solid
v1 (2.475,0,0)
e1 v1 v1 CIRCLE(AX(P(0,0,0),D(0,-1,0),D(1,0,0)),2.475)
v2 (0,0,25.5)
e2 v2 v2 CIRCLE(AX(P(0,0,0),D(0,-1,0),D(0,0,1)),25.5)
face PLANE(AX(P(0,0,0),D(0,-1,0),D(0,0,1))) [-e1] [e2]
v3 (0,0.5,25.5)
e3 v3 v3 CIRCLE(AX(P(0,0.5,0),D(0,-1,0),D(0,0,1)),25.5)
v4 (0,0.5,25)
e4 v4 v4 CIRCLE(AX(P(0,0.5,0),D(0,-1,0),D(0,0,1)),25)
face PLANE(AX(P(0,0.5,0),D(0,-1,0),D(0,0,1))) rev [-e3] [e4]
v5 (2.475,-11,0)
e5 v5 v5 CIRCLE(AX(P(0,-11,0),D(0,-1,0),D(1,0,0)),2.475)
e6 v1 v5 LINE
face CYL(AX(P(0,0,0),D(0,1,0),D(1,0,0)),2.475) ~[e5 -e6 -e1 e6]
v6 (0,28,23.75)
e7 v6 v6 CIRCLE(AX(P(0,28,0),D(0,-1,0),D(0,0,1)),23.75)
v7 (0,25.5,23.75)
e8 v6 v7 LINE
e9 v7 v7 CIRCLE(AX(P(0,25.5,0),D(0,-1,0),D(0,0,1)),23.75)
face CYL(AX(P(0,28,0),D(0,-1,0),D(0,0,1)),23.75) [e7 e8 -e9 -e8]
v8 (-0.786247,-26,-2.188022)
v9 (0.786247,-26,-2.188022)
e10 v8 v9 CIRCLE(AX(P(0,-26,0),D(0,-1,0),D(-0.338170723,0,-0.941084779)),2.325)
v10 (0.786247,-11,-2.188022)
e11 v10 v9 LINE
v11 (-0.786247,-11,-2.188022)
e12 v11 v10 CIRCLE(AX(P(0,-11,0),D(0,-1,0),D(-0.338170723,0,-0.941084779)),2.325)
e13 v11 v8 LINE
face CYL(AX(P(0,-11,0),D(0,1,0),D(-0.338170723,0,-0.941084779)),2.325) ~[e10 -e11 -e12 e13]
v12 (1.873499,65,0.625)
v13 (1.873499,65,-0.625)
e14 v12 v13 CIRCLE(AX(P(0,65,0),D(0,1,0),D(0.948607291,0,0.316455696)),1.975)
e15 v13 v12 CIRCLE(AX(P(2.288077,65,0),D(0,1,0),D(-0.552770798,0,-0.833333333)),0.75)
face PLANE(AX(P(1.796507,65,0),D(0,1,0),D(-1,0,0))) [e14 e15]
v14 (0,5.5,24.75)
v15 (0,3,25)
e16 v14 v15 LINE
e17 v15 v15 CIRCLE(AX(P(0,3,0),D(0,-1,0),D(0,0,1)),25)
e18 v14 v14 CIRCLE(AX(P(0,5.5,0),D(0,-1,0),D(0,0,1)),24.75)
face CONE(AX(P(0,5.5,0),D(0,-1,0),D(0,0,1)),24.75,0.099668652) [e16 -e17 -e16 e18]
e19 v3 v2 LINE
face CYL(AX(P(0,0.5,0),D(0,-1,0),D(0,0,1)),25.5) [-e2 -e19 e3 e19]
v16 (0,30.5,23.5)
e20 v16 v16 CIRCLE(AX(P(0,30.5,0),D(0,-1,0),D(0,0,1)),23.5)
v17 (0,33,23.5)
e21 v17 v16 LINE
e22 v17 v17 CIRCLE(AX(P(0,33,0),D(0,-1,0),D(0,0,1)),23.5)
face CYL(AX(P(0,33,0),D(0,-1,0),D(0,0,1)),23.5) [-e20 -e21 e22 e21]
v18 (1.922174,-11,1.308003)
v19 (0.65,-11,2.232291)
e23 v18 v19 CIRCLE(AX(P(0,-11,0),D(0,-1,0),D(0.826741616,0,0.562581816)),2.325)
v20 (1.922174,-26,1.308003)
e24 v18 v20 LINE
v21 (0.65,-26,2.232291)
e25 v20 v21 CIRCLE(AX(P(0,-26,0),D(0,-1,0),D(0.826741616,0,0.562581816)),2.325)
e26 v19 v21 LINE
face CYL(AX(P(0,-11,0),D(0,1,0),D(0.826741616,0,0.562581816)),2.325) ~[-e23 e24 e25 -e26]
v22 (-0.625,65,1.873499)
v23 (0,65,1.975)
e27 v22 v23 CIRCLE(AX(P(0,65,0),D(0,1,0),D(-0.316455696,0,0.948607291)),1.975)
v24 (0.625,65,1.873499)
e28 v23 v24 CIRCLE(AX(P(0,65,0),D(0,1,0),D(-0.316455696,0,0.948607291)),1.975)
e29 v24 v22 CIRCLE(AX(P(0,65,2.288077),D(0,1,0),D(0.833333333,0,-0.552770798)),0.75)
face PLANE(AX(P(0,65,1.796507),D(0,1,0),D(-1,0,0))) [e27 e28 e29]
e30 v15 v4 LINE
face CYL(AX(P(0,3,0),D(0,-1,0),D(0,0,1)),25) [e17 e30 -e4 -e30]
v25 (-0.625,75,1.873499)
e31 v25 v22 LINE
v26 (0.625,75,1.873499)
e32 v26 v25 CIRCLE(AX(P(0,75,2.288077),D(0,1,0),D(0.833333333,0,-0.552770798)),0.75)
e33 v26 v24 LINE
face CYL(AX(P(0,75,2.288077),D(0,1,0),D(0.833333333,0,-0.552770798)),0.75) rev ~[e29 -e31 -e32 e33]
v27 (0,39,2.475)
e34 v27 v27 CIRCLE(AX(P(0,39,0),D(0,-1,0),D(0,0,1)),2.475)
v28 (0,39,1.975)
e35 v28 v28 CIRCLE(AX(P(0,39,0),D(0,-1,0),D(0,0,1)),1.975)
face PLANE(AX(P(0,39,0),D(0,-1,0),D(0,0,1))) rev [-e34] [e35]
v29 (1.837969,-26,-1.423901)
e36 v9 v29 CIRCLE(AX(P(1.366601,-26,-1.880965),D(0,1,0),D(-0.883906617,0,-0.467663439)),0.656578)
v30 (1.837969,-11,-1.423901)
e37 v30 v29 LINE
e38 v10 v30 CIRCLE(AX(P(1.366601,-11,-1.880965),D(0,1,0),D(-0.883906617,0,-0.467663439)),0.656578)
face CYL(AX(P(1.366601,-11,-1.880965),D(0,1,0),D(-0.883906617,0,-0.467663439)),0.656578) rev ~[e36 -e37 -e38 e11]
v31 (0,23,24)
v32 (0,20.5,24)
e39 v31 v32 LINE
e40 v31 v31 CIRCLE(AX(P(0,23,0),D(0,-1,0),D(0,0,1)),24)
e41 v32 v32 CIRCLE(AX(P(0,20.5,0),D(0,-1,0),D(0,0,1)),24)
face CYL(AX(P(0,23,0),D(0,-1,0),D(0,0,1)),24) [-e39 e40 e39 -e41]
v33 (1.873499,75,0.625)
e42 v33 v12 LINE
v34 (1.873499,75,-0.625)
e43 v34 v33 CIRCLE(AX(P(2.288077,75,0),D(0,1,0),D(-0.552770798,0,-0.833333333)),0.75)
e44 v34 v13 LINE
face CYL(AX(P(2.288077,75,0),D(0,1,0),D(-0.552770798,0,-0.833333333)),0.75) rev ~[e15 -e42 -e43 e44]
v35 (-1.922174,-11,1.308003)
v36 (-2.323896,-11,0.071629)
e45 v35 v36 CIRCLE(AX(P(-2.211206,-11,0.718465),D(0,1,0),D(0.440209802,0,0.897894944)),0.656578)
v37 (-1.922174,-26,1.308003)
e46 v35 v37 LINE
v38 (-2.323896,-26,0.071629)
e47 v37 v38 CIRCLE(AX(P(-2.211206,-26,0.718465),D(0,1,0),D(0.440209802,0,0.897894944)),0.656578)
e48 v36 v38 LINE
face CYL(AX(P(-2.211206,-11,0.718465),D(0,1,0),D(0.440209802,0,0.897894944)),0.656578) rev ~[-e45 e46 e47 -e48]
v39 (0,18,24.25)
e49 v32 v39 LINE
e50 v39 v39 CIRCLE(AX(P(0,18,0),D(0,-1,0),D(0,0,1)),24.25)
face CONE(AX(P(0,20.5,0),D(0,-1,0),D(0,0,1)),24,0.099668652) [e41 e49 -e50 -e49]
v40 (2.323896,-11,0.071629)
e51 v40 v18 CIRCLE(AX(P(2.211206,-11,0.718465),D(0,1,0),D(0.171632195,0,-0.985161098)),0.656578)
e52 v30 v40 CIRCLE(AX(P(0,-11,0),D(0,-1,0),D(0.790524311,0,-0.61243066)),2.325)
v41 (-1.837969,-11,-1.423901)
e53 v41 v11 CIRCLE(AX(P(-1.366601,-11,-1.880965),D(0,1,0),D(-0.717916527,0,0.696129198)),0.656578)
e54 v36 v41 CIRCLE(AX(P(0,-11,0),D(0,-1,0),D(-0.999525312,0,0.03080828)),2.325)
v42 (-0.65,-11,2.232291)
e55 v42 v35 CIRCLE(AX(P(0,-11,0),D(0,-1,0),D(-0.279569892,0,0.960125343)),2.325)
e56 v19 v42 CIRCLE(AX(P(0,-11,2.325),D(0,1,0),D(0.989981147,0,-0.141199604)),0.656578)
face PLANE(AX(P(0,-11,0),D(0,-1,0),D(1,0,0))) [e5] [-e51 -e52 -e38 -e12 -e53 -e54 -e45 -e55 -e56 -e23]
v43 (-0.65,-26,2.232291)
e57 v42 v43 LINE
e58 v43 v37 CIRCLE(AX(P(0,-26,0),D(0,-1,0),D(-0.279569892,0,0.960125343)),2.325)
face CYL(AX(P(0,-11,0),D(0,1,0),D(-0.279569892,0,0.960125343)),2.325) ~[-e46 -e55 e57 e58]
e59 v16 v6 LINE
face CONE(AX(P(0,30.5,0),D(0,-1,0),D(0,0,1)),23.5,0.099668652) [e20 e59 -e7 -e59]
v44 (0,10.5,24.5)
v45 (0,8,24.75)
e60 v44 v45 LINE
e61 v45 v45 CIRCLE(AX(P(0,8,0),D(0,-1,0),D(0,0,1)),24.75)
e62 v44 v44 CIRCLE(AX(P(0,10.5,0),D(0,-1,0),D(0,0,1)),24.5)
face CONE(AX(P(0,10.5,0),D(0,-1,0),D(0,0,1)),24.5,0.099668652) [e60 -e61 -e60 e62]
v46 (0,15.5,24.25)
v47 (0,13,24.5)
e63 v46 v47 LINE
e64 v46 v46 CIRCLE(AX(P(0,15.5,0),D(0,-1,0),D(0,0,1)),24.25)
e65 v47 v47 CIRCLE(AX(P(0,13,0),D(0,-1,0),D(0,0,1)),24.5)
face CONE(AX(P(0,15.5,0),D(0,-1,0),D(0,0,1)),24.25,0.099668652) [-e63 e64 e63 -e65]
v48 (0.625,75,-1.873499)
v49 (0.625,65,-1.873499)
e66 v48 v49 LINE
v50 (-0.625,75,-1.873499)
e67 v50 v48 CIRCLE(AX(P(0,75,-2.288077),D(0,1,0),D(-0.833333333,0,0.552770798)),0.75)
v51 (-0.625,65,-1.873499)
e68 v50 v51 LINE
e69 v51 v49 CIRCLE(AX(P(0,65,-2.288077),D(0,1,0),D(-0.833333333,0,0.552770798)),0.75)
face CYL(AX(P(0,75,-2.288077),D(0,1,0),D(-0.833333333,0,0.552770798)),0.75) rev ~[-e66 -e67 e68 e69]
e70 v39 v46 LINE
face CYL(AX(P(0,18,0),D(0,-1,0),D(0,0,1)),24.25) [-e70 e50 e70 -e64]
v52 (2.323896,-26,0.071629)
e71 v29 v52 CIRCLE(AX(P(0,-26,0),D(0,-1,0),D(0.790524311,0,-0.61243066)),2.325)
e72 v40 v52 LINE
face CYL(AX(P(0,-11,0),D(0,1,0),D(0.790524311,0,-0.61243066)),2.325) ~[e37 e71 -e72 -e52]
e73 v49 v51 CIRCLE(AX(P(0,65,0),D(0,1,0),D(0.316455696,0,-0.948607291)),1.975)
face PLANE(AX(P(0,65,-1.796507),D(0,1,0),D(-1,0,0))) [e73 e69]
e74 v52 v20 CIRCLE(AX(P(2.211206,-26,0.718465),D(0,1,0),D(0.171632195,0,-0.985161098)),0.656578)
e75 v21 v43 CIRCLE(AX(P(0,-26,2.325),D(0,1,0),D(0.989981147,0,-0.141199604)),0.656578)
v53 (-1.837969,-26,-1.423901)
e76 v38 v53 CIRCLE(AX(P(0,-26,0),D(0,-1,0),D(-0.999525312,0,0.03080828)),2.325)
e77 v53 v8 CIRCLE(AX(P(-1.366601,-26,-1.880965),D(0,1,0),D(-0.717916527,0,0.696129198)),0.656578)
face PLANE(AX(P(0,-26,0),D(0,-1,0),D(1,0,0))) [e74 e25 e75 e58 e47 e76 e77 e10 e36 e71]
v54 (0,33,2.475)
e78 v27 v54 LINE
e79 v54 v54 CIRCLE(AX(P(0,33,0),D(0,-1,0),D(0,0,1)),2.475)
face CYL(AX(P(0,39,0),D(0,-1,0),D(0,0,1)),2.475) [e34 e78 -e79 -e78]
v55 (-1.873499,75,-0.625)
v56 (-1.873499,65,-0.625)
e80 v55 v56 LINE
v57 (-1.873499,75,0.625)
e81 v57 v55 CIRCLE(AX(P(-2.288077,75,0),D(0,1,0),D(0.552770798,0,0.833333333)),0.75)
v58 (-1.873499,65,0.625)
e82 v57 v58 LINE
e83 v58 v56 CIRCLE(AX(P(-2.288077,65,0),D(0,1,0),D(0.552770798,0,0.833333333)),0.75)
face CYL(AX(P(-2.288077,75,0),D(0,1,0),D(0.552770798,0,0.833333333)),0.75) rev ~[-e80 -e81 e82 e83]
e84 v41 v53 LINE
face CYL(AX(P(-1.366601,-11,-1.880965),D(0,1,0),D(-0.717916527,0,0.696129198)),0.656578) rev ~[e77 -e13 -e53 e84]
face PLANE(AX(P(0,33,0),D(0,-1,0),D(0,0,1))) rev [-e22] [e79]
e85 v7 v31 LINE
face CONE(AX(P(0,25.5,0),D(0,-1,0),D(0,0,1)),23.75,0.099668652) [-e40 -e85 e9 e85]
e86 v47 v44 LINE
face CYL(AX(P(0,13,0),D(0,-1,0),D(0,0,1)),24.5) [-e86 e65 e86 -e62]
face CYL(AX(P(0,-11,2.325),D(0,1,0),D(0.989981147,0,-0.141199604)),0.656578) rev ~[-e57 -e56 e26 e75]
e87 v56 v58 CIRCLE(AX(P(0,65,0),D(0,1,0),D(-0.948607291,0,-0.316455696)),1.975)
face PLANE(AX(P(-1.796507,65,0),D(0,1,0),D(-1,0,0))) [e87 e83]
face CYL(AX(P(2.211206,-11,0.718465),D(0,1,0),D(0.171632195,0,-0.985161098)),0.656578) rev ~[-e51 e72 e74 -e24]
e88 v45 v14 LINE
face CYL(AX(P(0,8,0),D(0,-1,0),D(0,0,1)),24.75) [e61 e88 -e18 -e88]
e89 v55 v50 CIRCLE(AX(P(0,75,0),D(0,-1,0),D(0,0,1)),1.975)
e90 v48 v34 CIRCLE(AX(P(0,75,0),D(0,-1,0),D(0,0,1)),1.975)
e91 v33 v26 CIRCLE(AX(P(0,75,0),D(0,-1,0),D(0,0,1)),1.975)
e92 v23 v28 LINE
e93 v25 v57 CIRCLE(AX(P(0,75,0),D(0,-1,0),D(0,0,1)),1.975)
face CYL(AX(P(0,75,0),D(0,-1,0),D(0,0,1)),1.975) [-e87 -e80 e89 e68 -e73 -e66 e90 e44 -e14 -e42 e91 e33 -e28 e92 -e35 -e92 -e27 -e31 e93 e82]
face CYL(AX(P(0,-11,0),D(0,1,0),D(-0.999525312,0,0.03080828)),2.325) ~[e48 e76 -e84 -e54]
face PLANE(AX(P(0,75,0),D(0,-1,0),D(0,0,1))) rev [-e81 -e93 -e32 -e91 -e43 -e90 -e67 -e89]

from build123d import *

# Parameters (mm, degrees)
F0_R     = 2.475
F1_DEPTH = 11
F3_DEPTH = 15
F7_DEPTH = 10


with BuildPart() as f1:
    # F0 (on Front) → F1 (new body)
    with BuildSketch(Plane.XZ):
        Circle(F0_R)
    extrude(amount=F1_DEPTH)

    # F2 (on face) → F3 (join)
    with BuildSketch(Plane.XZ.offset(11)):
        with BuildLine():
            ThreePointArc((0.65, 2.2322914236), (0, 1.66842184), (-0.65, 2.2322914236))
            ThreePointArc((-0.65, 2.2322914236), (-1.3666007116, 1.8809645119), (-1.9221742584, 1.3080027219))
            ThreePointArc((-1.9221742584, 1.3080027219), (-1.5867634629, 0.5155707024), (-2.3238963511, 0.0716292507))
            ThreePointArc((-2.3238963511, 0.0716292507), (-2.2112064004, -0.7184645119), (-1.837969024, -1.4239012841))
            ThreePointArc((-1.837969024, -1.4239012841), (-0.9806737522, -1.3497816224), (-0.7862469313, -2.1880221121))
            ThreePointArc((-0.7862469313, -2.1880221121), (0, -2.325), (0.7862469313, -2.1880221121))
            ThreePointArc((0.7862469313, -2.1880221121), (0.9806737522, -1.3497816224), (1.837969024, -1.4239012841))
            ThreePointArc((1.837969024, -1.4239012841), (2.2112064004, -0.7184645119), (2.3238963511, 0.0716292507))
            ThreePointArc((2.3238963511, 0.0716292507), (1.5867634629, 0.5155707024), (1.9221742584, 1.3080027219))
            ThreePointArc((1.9221742584, 1.3080027219), (1.3666007116, 1.8809645119), (0.65, 2.2322914236))
        make_face()
    extrude(amount=F3_DEPTH)

    # F4 (on Right) → F5 (revolve)
    with BuildSketch(Plane.YZ):
        Polygon((0, 25.5), (0, 0), (75, 0), (75, 1.975), (39, 1.975), (39, 2.475), (33, 2.475), (33, 23.5), (30.5, 23.5), (28, 23.75), (25.5, 23.75), (23, 24), (20.5, 24), (18, 24.25), (15.5, 24.25), (13, 24.5), (10.5, 24.5), (8, 24.75), (5.5, 24.75), (3, 25), (0.5, 25), (0.5, 25.5), align=None)
    revolve(axis=Axis((0, 0, 0), (0, -1, 0)))

    # F6 (on face) → F7 (cut)
    with BuildSketch(Plane(origin=(0, 75, 0), x_dir=(-1, 0, 0), z_dir=(0, 1, 0))):
        with BuildLine():
            ThreePointArc((0.625, 1.8734993995), (0, 1.975), (-0.625, 1.8734993995))
            ThreePointArc((-0.625, 1.8734993995), (0, 1.5380774983), (0.625, 1.8734993995))
        make_face()
        with BuildLine():
            ThreePointArc((-1.8734993995, 0.625), (-1.975, 0), (-1.8734993995, -0.625))
            ThreePointArc((-1.8734993995, -0.625), (-1.5380774983, 0), (-1.8734993995, 0.625))
        make_face()
        with BuildLine():
            ThreePointArc((-0.625, -1.8734993995), (0, -1.975), (0.625, -1.8734993995))
            ThreePointArc((0.625, -1.8734993995), (0, -1.5380774983), (-0.625, -1.8734993995))
        make_face()
        with BuildLine():
            ThreePointArc((1.8734993995, -0.625), (1.975, 0), (1.8734993995, 0.625))
            ThreePointArc((1.8734993995, 0.625), (1.5380774983, 0), (1.8734993995, -0.625))
        make_face()
    extrude(amount=-F7_DEPTH, mode=Mode.SUBTRACT)


solid = f1.part
